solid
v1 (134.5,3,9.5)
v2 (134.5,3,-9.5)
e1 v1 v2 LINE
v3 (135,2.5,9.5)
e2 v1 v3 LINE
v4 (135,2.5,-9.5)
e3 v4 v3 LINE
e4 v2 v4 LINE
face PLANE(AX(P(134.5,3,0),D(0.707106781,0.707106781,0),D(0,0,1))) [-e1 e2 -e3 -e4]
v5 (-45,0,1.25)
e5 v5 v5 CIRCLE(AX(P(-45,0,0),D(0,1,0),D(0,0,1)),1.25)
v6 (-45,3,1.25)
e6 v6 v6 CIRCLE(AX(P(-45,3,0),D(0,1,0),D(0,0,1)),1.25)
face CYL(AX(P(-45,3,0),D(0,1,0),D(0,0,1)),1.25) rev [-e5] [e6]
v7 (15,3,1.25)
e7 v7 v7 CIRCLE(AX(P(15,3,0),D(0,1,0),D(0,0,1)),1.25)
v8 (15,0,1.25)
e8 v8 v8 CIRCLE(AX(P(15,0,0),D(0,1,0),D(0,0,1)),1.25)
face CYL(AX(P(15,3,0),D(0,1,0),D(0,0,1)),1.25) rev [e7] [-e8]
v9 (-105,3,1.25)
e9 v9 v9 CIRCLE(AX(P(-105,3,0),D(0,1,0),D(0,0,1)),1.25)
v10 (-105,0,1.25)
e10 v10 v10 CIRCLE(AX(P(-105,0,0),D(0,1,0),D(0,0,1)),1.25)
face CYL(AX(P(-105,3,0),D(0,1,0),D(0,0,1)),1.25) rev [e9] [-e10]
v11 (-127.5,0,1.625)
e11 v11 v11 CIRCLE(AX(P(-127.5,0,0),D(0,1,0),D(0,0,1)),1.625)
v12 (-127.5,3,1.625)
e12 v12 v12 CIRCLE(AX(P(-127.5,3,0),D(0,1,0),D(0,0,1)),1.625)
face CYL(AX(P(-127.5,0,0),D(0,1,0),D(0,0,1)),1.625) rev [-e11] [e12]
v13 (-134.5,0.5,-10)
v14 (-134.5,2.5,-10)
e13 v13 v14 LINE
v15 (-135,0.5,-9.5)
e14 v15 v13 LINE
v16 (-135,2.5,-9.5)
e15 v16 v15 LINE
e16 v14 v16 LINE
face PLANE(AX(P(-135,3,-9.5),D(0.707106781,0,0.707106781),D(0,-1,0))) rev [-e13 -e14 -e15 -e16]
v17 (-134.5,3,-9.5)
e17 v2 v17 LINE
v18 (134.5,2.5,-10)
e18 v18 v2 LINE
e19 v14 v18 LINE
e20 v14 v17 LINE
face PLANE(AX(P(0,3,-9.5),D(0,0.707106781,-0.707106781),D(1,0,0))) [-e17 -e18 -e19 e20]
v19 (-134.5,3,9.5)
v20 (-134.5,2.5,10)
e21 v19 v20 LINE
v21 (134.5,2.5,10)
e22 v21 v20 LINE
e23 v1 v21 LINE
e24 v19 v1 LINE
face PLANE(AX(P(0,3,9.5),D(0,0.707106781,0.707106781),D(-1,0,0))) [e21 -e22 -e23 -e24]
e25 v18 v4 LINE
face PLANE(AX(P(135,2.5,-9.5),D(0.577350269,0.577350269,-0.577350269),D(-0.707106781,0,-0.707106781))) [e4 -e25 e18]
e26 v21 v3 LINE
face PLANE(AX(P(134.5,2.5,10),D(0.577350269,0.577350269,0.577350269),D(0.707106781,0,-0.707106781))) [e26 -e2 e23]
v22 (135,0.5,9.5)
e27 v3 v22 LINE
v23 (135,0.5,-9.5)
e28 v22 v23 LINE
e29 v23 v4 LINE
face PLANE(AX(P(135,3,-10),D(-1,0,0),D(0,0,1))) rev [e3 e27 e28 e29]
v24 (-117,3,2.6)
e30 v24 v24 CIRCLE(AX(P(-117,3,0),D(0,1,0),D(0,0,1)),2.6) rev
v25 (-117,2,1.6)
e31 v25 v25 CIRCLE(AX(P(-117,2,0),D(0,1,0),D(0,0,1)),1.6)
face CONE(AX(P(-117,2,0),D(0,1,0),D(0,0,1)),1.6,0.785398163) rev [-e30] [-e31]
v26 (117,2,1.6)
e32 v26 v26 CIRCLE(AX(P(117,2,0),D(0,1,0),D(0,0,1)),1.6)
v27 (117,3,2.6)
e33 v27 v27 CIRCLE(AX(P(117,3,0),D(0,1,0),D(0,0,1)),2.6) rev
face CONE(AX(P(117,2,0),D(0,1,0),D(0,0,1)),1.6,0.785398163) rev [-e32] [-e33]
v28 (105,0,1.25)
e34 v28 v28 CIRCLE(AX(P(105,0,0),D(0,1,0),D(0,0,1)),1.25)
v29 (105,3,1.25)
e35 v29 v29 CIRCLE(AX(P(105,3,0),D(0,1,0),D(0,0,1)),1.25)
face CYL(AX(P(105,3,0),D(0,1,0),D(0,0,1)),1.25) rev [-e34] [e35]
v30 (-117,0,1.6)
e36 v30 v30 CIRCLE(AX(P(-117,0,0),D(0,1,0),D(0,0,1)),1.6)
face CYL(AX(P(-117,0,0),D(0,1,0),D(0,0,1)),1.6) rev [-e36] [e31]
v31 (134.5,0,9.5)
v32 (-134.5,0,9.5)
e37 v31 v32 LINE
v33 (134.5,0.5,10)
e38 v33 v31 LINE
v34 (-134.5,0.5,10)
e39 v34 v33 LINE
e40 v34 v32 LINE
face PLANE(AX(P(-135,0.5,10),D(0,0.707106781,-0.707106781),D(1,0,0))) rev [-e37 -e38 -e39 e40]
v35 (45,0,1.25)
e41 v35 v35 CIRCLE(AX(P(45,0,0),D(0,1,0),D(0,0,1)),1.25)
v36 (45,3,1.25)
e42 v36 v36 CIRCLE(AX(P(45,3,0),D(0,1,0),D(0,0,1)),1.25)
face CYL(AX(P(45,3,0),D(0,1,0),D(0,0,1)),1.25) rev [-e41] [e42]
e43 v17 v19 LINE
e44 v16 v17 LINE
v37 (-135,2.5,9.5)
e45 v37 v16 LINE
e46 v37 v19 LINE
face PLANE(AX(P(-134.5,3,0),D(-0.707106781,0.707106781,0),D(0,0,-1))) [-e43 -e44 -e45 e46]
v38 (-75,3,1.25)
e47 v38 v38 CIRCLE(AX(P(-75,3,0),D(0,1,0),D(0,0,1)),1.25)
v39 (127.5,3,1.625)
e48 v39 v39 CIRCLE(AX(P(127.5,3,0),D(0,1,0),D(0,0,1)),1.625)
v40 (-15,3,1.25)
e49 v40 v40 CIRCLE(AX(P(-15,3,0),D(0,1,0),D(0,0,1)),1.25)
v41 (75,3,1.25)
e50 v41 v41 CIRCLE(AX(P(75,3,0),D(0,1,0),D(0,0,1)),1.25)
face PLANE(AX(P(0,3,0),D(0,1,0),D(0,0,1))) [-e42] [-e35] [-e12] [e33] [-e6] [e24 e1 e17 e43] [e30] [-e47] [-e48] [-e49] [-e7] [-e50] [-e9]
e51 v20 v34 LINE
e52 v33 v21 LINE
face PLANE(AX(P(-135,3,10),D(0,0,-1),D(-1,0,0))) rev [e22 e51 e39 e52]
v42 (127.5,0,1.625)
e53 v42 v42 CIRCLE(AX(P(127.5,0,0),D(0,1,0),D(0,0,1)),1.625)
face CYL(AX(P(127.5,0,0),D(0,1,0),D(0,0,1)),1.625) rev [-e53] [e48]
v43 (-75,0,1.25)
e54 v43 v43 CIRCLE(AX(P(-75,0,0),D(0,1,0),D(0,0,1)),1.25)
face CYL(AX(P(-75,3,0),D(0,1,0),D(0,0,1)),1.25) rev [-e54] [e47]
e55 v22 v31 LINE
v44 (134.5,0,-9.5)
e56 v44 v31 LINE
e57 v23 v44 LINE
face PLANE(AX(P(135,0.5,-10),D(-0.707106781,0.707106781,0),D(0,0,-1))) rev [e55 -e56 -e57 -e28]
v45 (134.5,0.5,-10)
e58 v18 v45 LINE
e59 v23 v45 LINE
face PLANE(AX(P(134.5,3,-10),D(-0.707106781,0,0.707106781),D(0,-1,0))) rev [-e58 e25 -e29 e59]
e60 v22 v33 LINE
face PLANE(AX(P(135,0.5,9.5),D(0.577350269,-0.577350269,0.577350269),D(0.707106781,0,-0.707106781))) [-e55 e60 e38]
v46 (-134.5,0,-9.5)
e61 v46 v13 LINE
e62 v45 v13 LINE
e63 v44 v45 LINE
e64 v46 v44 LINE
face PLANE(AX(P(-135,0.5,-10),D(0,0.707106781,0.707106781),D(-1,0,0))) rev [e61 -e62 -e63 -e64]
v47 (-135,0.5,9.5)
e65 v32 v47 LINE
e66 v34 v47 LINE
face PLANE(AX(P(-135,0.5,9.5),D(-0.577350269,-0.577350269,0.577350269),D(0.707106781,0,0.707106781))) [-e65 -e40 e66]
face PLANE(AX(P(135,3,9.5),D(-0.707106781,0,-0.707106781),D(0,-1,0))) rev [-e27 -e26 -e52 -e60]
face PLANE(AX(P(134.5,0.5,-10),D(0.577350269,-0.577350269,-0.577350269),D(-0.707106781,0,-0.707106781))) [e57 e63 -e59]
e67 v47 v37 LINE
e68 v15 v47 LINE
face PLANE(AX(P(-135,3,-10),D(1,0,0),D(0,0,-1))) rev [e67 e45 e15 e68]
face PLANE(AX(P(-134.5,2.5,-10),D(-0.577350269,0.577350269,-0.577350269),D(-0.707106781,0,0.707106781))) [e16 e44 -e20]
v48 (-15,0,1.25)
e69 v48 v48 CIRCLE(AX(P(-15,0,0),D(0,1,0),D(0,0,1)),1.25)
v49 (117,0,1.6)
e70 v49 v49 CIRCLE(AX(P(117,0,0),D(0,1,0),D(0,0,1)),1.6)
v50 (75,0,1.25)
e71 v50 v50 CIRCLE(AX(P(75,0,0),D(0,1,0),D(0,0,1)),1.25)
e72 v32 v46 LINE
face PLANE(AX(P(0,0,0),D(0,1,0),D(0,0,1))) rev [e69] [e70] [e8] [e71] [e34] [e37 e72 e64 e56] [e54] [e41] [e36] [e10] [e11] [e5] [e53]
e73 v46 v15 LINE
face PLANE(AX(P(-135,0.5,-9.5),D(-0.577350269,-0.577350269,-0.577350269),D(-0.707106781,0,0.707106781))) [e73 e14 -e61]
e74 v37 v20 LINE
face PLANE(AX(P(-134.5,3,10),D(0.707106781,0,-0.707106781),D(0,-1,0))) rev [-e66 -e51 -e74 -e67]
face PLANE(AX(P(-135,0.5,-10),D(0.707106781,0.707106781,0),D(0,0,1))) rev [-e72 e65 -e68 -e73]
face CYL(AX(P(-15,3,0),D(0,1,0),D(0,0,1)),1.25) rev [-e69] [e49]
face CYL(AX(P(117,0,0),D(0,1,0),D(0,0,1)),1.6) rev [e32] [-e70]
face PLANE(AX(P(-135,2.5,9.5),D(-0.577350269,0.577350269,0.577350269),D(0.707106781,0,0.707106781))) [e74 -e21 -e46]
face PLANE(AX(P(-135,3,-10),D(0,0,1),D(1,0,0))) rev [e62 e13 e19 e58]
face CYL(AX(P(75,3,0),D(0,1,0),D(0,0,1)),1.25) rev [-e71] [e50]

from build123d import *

# Parameters (mm, degrees)
SKETCH1_W           = 270
SKETCH1_H           = 20
BOSS_EXTRUDE1_DEPTH = 3
M3_TAPPED_HOLE1_D   = 2.5
SKETCH4_R           = 1.625
CUT_EXTRUDE1_DEPTH  = 136.403101885
CHAMFER1_SIZE       = 0.5
SKETCH5_R           = 1.6
CUT_EXTRUDE2_DEPTH  = 136.403101885
CHAMFER2_SIZE       = 1


with BuildPart() as part:
    # Sketch1 → Boss-Extrude1 (new body)
    with BuildSketch(Plane(origin=(0, 0, 0), x_dir=(1, 0, 0), z_dir=(0, 1, 0))):
        Rectangle(SKETCH1_W, SKETCH1_H)
    extrude(amount=BOSS_EXTRUDE1_DEPTH)

    # M3 Tapped Hole1 (through all)
    with Locations(Plane(origin=(-105, 3, 0), x_dir=(0, 0, 1), z_dir=(0, 1, 0))):
        with Locations((0, 0), (0, 30), (0, 60), (0, 90), (0, 120), (0, 150), (0, 180), (0, 210)):
            Hole(M3_TAPPED_HOLE1_D / 2)

    # Sketch4 → Cut-Extrude1 (cut, through all)
    with BuildSketch(Plane(origin=(0, 3, 0), x_dir=(1, 0, 0), z_dir=(0, 1, 0))):
        with Locations(Location((-127.5, 0, 0), (0, 0, 270))):
            Circle(SKETCH4_R)
        with Locations(Location((127.5, 0, 0), (0, 0, 270))):
            Circle(SKETCH4_R)
    extrude(amount=-CUT_EXTRUDE1_DEPTH, mode=Mode.SUBTRACT)

    # Chamfer1
    chamfer1_edges = [part.edges().sort_by_distance(p)[0] for p in [
        (-135, 3, 0),
        (0, 3, 10),
        (135, 3, 0),
        (0, 0, 10),
        (-135, 0, 0),
        (0, 0, -10),
        (135, 0, 0),
        (135, 1.5, 10),
        (-135, 1.5, 10),
        (-135, 1.5, -10),
        (135, 1.5, -10),
        (0, 3, -10),
    ]]
    chamfer(chamfer1_edges, length=CHAMFER1_SIZE)

    # Sketch5 → Cut-Extrude2 (cut, through all)
    with BuildSketch(Plane(origin=(0, 3, 0), x_dir=(1, 0, 0), z_dir=(0, 1, 0))):
        with Locations(Location((-117, 0, 0), (0, 0, 270))):
            Circle(SKETCH5_R)
        with Locations(Location((117, 0, 0), (0, 0, 270))):
            Circle(SKETCH5_R)
    extrude(amount=-CUT_EXTRUDE2_DEPTH, mode=Mode.SUBTRACT)

    # Chamfer2
    chamfer2_edges = [part.edges().sort_by_distance(p)[0] for p in [
        (-117, 3, -1.6),
        (117, 3, -1.6),
    ]]
    chamfer(chamfer2_edges, length=CHAMFER2_SIZE)


solid = part.part
